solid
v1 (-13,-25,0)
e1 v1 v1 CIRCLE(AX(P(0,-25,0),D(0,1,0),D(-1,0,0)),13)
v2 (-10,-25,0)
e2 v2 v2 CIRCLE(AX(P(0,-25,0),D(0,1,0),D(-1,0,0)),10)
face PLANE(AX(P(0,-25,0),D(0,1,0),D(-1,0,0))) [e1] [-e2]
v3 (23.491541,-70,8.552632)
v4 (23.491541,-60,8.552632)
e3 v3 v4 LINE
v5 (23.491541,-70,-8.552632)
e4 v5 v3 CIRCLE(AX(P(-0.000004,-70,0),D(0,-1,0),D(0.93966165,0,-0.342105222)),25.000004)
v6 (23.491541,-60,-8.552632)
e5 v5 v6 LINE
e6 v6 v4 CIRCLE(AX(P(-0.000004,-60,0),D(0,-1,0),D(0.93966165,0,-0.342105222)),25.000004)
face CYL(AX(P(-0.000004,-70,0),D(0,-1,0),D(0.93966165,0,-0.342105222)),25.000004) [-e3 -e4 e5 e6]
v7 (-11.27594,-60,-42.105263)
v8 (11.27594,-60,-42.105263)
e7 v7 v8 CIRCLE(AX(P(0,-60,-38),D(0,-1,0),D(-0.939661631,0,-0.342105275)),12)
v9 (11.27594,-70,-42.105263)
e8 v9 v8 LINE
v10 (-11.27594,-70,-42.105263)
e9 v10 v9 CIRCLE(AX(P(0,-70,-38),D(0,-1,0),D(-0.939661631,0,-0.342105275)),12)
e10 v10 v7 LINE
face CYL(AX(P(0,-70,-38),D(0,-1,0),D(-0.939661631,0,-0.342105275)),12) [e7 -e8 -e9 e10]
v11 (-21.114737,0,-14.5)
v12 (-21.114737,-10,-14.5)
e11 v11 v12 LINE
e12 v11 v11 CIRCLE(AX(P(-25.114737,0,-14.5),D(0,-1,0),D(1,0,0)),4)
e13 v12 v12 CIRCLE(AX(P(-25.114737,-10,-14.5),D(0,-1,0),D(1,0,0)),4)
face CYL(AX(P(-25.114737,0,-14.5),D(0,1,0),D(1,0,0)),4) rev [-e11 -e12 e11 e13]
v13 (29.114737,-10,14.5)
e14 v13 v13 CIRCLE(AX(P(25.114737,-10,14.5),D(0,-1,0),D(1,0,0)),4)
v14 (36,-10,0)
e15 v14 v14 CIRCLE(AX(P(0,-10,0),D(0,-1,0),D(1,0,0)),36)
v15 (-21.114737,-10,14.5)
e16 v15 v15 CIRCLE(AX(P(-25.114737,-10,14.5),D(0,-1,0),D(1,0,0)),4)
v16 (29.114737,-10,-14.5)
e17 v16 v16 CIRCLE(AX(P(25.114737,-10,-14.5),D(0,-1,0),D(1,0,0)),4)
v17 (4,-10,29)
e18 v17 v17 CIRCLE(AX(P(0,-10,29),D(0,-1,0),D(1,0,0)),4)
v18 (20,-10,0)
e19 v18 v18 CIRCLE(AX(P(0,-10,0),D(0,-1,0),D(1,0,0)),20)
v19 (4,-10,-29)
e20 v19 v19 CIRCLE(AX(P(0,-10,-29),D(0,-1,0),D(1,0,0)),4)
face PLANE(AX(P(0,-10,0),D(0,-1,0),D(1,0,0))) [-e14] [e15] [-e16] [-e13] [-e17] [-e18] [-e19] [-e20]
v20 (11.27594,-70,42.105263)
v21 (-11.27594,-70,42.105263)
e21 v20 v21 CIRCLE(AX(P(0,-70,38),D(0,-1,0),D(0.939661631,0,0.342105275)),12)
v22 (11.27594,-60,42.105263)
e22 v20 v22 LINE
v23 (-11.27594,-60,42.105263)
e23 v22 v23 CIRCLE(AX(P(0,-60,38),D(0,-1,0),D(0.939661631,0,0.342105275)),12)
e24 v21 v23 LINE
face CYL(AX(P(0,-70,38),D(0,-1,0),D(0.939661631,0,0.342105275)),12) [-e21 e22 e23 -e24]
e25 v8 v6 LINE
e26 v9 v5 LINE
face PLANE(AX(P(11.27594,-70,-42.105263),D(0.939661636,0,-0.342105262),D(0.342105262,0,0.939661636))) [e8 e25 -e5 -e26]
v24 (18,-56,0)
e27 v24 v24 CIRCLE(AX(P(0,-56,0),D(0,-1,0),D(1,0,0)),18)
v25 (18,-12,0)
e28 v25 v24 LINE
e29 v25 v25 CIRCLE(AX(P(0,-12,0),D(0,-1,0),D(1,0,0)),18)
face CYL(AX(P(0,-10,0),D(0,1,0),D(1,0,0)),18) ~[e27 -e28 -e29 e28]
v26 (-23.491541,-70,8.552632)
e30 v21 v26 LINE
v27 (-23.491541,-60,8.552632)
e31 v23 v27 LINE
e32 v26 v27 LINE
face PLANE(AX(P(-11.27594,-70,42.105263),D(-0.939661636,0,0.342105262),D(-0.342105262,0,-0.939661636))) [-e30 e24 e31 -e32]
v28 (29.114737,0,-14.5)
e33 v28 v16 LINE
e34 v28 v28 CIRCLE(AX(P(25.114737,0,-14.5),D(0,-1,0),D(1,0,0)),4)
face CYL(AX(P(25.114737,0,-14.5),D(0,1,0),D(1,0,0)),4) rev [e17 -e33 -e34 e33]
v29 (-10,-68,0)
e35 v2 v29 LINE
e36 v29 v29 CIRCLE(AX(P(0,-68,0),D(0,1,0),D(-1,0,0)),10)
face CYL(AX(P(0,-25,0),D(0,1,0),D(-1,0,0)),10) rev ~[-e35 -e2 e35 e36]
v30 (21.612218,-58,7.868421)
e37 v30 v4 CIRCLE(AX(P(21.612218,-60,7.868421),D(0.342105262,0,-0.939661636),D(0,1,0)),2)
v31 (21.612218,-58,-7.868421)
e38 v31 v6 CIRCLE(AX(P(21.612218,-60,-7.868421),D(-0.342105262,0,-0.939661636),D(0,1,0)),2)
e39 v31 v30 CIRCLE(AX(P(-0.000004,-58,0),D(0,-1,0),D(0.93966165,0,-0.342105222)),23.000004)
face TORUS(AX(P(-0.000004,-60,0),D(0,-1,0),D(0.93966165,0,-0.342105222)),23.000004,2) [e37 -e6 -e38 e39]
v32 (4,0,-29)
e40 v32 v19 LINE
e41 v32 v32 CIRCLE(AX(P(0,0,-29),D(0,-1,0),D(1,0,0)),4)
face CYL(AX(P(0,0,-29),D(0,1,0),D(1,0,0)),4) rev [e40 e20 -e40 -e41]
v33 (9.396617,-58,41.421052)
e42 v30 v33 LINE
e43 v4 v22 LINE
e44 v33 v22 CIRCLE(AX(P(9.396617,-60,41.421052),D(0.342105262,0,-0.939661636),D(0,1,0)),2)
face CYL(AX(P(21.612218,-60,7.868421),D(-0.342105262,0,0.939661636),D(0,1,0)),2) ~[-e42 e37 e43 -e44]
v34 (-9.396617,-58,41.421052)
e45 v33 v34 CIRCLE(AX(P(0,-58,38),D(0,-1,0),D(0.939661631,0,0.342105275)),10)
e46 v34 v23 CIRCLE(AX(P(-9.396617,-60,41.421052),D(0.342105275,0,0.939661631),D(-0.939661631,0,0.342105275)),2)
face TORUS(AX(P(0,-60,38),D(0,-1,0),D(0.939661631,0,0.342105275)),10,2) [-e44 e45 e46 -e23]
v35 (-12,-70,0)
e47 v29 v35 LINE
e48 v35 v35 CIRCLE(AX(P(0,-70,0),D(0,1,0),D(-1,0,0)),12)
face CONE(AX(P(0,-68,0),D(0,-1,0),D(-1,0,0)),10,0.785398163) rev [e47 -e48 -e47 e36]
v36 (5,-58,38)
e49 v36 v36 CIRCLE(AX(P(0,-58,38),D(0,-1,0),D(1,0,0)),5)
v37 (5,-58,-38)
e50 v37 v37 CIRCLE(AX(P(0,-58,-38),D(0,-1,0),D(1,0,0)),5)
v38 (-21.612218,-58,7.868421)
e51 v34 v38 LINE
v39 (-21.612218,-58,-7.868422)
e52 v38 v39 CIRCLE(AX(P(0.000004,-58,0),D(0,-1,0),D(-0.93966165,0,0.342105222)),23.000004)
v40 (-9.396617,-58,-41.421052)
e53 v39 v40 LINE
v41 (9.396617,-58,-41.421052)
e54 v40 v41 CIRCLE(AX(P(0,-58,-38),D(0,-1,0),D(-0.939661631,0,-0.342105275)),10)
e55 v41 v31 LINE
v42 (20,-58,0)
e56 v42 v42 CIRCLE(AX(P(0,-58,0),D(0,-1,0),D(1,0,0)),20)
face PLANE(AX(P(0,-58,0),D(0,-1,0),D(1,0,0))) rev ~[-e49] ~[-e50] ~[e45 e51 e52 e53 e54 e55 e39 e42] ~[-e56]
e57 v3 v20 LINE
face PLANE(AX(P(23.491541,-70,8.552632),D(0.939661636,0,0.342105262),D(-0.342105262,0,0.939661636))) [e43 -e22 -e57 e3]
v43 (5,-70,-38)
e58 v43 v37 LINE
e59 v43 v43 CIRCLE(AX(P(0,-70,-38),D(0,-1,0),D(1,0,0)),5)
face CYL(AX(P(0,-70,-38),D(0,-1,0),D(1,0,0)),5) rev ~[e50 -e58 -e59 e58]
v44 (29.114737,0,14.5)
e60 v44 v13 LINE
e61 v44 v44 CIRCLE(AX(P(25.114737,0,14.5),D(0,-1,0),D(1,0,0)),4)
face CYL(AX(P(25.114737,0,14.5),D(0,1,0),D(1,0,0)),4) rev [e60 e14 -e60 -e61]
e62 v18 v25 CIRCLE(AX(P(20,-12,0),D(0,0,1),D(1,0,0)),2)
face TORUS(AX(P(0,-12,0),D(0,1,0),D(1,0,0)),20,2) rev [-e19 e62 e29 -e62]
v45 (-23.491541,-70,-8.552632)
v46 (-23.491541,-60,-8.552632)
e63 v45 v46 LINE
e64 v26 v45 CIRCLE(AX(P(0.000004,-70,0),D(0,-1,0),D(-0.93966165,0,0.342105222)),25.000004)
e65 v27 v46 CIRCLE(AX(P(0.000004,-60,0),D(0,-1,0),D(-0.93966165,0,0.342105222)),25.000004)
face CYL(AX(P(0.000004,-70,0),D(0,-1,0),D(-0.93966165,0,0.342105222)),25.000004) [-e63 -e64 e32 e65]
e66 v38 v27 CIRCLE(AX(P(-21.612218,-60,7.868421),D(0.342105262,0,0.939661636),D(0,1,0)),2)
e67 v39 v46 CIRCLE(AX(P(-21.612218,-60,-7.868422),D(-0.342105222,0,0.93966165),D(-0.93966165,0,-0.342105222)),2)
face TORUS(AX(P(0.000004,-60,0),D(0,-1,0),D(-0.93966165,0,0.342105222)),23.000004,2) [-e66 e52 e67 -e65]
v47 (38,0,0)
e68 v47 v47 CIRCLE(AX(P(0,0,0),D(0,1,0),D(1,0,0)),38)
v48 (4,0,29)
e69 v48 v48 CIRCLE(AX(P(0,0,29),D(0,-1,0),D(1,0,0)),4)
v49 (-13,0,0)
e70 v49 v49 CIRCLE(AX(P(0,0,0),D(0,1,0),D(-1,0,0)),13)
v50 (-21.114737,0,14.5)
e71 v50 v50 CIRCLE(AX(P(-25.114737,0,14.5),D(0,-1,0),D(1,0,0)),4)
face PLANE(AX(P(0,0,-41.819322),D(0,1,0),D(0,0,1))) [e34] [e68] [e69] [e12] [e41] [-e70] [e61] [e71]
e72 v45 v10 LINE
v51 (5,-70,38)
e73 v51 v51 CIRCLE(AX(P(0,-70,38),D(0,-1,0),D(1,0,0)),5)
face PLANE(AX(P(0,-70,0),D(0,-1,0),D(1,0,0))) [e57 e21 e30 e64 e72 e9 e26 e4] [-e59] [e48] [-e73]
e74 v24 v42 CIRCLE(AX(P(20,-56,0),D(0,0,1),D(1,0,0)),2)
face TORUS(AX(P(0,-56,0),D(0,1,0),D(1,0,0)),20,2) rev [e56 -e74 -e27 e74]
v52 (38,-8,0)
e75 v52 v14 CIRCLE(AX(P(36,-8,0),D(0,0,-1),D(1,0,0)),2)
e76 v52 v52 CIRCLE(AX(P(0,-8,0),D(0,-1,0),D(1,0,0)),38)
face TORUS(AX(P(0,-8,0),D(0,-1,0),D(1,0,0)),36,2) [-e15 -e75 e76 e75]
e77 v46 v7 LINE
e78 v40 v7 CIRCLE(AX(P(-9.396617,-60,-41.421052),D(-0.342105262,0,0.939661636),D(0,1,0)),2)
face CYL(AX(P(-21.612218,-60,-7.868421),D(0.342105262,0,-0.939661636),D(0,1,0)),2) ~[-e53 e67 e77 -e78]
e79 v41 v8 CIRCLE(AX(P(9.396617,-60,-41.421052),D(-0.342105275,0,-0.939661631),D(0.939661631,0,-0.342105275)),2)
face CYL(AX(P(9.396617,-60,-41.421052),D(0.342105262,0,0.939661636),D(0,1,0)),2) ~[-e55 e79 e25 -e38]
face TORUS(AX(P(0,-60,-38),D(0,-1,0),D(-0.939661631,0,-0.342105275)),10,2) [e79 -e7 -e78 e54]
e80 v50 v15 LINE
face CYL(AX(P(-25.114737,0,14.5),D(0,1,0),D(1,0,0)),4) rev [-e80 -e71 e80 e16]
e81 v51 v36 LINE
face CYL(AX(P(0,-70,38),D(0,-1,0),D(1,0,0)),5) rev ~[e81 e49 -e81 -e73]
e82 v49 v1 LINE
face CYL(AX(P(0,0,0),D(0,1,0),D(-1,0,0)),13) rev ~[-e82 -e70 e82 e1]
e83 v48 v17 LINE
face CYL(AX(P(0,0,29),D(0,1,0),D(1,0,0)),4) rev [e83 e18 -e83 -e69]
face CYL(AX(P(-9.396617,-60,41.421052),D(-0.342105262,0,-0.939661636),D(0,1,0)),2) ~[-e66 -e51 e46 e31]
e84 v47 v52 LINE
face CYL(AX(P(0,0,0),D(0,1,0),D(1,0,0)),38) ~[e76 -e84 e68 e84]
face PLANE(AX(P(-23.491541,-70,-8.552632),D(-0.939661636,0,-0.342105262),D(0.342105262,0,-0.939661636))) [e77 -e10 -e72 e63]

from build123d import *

# Parameters (mm, degrees)
F0_R        = 38
F0_R_2      = 4
F1_DEPTH    = 10
F3_R        = 5
F1_FACE_R   = 38
F1_FACE_R_2 = 4
F4_DEPTH    = 12
F5_R        = 18
F6_DEPTH    = 48
F7_W        = 18.915552
F7_H        = 85.689727
F8_DEPTH    = 40
F9_R        = 13
F10_DEPTH   = 25
F11_R       = 10
F12_DEPTH   = 45.001
F13_R       = 2
F14_SIZE    = 2


with BuildPart() as f1:
    # F0 (on Front) → F1 (new body)
    with BuildSketch(Plane.XZ):
        Circle(F0_R)
        with Locations((-25.114737, -14.5)):
            Circle(F0_R_2, mode=Mode.SUBTRACT)
        with Locations((0, -29)):
            Circle(F0_R_2, mode=Mode.SUBTRACT)
        with Locations((25.114737, -14.5)):
            Circle(F0_R_2, mode=Mode.SUBTRACT)
        with Locations((-25.114737, 14.5)):
            Circle(F0_R_2, mode=Mode.SUBTRACT)
        with Locations((25.114737, 14.5)):
            Circle(F0_R_2, mode=Mode.SUBTRACT)
        with Locations((0, 29)):
            Circle(F0_R_2, mode=Mode.SUBTRACT)
    extrude(amount=F1_DEPTH)

    # F3 (on offset) + F1_face (on face) → F4 (join)
    with BuildSketch(Plane.XZ.offset(70)):
        with BuildLine():
            Line((11.27594, -42.105263), (23.491541, -8.552632))
            ThreePointArc((23.491541, -8.552632), (25, 0), (23.491541, 8.552632))
            Line((23.491541, 8.552632), (11.27594, 42.105263))
            ThreePointArc((11.27594, 42.105263), (0, 50), (-11.27594, 42.105263))
            Line((-11.27594, 42.105263), (-23.491541, 8.552632))
            ThreePointArc((-23.491541, 8.552632), (-25, 0), (-23.491541, -8.552632))
            Line((-23.491541, -8.552632), (-11.27594, -42.105263))
            ThreePointArc((-11.27594, -42.105263), (0, -50), (11.27594, -42.105263))
        make_face()
        with Locations((0, -38)):
            Circle(F3_R, mode=Mode.SUBTRACT)
        with Locations((0, 38)):
            Circle(F3_R, mode=Mode.SUBTRACT)
    with BuildSketch(Plane.XZ.offset(10)):
        Circle(F1_FACE_R)
        with Locations((-25.114737, -14.5)):
            Circle(F1_FACE_R_2, mode=Mode.SUBTRACT)
        with Locations((0, -29)):
            Circle(F1_FACE_R_2, mode=Mode.SUBTRACT)
        with Locations((25.114737, -14.5)):
            Circle(F1_FACE_R_2, mode=Mode.SUBTRACT)
        with Locations((-25.114737, 14.5)):
            Circle(F1_FACE_R_2, mode=Mode.SUBTRACT)
        with Locations((25.114737, 14.5)):
            Circle(F1_FACE_R_2, mode=Mode.SUBTRACT)
        with Locations((0, 29)):
            Circle(F1_FACE_R_2, mode=Mode.SUBTRACT)
    extrude(amount=-F4_DEPTH)

    # F5 (on face) → F6 (join, through all)
    with BuildSketch(Plane.XZ.offset(10)):
        Circle(F5_R)
    extrude(amount=F6_DEPTH)

    # F7 (on Right) → F8 (cut, symmetric)
    with BuildSketch(Plane.YZ):
        with Locations((9.457776, 1.025541)):
            Rectangle(F7_W, F7_H)
    extrude(amount=F8_DEPTH, both=True, mode=Mode.SUBTRACT)

    # F9 (on face) → F10 (cut)
    with BuildSketch(Plane(origin=(0, 0, 0), x_dir=(-1, 0, 0), z_dir=(0, 1, 0))):
        Circle(F9_R)
    extrude(amount=-F10_DEPTH, mode=Mode.SUBTRACT)

    # F11 (on face) → F12 (cut, through all)
    with BuildSketch(Plane(origin=(0, -25, 0), x_dir=(-1, 0, 0), z_dir=(0, 1, 0))):
        Circle(F11_R)
    extrude(amount=-F12_DEPTH, mode=Mode.SUBTRACT)

    # F13
    f13_edges = [f1.edges().sort_by_distance(p)[0] for p in [
        (-18, -58, 0),
        (17.38374, -58, 25.328947),
        (-18, -10, 0),
        (-38, -10, 0),
    ]]
    fillet(f13_edges, radius=F13_R)

    # F14
    f14_edges = [f1.edges().sort_by_distance(p)[0] for p in [
        (10, -70, 0),
    ]]
    chamfer(f14_edges, length=F14_SIZE)


solid = f1.part
